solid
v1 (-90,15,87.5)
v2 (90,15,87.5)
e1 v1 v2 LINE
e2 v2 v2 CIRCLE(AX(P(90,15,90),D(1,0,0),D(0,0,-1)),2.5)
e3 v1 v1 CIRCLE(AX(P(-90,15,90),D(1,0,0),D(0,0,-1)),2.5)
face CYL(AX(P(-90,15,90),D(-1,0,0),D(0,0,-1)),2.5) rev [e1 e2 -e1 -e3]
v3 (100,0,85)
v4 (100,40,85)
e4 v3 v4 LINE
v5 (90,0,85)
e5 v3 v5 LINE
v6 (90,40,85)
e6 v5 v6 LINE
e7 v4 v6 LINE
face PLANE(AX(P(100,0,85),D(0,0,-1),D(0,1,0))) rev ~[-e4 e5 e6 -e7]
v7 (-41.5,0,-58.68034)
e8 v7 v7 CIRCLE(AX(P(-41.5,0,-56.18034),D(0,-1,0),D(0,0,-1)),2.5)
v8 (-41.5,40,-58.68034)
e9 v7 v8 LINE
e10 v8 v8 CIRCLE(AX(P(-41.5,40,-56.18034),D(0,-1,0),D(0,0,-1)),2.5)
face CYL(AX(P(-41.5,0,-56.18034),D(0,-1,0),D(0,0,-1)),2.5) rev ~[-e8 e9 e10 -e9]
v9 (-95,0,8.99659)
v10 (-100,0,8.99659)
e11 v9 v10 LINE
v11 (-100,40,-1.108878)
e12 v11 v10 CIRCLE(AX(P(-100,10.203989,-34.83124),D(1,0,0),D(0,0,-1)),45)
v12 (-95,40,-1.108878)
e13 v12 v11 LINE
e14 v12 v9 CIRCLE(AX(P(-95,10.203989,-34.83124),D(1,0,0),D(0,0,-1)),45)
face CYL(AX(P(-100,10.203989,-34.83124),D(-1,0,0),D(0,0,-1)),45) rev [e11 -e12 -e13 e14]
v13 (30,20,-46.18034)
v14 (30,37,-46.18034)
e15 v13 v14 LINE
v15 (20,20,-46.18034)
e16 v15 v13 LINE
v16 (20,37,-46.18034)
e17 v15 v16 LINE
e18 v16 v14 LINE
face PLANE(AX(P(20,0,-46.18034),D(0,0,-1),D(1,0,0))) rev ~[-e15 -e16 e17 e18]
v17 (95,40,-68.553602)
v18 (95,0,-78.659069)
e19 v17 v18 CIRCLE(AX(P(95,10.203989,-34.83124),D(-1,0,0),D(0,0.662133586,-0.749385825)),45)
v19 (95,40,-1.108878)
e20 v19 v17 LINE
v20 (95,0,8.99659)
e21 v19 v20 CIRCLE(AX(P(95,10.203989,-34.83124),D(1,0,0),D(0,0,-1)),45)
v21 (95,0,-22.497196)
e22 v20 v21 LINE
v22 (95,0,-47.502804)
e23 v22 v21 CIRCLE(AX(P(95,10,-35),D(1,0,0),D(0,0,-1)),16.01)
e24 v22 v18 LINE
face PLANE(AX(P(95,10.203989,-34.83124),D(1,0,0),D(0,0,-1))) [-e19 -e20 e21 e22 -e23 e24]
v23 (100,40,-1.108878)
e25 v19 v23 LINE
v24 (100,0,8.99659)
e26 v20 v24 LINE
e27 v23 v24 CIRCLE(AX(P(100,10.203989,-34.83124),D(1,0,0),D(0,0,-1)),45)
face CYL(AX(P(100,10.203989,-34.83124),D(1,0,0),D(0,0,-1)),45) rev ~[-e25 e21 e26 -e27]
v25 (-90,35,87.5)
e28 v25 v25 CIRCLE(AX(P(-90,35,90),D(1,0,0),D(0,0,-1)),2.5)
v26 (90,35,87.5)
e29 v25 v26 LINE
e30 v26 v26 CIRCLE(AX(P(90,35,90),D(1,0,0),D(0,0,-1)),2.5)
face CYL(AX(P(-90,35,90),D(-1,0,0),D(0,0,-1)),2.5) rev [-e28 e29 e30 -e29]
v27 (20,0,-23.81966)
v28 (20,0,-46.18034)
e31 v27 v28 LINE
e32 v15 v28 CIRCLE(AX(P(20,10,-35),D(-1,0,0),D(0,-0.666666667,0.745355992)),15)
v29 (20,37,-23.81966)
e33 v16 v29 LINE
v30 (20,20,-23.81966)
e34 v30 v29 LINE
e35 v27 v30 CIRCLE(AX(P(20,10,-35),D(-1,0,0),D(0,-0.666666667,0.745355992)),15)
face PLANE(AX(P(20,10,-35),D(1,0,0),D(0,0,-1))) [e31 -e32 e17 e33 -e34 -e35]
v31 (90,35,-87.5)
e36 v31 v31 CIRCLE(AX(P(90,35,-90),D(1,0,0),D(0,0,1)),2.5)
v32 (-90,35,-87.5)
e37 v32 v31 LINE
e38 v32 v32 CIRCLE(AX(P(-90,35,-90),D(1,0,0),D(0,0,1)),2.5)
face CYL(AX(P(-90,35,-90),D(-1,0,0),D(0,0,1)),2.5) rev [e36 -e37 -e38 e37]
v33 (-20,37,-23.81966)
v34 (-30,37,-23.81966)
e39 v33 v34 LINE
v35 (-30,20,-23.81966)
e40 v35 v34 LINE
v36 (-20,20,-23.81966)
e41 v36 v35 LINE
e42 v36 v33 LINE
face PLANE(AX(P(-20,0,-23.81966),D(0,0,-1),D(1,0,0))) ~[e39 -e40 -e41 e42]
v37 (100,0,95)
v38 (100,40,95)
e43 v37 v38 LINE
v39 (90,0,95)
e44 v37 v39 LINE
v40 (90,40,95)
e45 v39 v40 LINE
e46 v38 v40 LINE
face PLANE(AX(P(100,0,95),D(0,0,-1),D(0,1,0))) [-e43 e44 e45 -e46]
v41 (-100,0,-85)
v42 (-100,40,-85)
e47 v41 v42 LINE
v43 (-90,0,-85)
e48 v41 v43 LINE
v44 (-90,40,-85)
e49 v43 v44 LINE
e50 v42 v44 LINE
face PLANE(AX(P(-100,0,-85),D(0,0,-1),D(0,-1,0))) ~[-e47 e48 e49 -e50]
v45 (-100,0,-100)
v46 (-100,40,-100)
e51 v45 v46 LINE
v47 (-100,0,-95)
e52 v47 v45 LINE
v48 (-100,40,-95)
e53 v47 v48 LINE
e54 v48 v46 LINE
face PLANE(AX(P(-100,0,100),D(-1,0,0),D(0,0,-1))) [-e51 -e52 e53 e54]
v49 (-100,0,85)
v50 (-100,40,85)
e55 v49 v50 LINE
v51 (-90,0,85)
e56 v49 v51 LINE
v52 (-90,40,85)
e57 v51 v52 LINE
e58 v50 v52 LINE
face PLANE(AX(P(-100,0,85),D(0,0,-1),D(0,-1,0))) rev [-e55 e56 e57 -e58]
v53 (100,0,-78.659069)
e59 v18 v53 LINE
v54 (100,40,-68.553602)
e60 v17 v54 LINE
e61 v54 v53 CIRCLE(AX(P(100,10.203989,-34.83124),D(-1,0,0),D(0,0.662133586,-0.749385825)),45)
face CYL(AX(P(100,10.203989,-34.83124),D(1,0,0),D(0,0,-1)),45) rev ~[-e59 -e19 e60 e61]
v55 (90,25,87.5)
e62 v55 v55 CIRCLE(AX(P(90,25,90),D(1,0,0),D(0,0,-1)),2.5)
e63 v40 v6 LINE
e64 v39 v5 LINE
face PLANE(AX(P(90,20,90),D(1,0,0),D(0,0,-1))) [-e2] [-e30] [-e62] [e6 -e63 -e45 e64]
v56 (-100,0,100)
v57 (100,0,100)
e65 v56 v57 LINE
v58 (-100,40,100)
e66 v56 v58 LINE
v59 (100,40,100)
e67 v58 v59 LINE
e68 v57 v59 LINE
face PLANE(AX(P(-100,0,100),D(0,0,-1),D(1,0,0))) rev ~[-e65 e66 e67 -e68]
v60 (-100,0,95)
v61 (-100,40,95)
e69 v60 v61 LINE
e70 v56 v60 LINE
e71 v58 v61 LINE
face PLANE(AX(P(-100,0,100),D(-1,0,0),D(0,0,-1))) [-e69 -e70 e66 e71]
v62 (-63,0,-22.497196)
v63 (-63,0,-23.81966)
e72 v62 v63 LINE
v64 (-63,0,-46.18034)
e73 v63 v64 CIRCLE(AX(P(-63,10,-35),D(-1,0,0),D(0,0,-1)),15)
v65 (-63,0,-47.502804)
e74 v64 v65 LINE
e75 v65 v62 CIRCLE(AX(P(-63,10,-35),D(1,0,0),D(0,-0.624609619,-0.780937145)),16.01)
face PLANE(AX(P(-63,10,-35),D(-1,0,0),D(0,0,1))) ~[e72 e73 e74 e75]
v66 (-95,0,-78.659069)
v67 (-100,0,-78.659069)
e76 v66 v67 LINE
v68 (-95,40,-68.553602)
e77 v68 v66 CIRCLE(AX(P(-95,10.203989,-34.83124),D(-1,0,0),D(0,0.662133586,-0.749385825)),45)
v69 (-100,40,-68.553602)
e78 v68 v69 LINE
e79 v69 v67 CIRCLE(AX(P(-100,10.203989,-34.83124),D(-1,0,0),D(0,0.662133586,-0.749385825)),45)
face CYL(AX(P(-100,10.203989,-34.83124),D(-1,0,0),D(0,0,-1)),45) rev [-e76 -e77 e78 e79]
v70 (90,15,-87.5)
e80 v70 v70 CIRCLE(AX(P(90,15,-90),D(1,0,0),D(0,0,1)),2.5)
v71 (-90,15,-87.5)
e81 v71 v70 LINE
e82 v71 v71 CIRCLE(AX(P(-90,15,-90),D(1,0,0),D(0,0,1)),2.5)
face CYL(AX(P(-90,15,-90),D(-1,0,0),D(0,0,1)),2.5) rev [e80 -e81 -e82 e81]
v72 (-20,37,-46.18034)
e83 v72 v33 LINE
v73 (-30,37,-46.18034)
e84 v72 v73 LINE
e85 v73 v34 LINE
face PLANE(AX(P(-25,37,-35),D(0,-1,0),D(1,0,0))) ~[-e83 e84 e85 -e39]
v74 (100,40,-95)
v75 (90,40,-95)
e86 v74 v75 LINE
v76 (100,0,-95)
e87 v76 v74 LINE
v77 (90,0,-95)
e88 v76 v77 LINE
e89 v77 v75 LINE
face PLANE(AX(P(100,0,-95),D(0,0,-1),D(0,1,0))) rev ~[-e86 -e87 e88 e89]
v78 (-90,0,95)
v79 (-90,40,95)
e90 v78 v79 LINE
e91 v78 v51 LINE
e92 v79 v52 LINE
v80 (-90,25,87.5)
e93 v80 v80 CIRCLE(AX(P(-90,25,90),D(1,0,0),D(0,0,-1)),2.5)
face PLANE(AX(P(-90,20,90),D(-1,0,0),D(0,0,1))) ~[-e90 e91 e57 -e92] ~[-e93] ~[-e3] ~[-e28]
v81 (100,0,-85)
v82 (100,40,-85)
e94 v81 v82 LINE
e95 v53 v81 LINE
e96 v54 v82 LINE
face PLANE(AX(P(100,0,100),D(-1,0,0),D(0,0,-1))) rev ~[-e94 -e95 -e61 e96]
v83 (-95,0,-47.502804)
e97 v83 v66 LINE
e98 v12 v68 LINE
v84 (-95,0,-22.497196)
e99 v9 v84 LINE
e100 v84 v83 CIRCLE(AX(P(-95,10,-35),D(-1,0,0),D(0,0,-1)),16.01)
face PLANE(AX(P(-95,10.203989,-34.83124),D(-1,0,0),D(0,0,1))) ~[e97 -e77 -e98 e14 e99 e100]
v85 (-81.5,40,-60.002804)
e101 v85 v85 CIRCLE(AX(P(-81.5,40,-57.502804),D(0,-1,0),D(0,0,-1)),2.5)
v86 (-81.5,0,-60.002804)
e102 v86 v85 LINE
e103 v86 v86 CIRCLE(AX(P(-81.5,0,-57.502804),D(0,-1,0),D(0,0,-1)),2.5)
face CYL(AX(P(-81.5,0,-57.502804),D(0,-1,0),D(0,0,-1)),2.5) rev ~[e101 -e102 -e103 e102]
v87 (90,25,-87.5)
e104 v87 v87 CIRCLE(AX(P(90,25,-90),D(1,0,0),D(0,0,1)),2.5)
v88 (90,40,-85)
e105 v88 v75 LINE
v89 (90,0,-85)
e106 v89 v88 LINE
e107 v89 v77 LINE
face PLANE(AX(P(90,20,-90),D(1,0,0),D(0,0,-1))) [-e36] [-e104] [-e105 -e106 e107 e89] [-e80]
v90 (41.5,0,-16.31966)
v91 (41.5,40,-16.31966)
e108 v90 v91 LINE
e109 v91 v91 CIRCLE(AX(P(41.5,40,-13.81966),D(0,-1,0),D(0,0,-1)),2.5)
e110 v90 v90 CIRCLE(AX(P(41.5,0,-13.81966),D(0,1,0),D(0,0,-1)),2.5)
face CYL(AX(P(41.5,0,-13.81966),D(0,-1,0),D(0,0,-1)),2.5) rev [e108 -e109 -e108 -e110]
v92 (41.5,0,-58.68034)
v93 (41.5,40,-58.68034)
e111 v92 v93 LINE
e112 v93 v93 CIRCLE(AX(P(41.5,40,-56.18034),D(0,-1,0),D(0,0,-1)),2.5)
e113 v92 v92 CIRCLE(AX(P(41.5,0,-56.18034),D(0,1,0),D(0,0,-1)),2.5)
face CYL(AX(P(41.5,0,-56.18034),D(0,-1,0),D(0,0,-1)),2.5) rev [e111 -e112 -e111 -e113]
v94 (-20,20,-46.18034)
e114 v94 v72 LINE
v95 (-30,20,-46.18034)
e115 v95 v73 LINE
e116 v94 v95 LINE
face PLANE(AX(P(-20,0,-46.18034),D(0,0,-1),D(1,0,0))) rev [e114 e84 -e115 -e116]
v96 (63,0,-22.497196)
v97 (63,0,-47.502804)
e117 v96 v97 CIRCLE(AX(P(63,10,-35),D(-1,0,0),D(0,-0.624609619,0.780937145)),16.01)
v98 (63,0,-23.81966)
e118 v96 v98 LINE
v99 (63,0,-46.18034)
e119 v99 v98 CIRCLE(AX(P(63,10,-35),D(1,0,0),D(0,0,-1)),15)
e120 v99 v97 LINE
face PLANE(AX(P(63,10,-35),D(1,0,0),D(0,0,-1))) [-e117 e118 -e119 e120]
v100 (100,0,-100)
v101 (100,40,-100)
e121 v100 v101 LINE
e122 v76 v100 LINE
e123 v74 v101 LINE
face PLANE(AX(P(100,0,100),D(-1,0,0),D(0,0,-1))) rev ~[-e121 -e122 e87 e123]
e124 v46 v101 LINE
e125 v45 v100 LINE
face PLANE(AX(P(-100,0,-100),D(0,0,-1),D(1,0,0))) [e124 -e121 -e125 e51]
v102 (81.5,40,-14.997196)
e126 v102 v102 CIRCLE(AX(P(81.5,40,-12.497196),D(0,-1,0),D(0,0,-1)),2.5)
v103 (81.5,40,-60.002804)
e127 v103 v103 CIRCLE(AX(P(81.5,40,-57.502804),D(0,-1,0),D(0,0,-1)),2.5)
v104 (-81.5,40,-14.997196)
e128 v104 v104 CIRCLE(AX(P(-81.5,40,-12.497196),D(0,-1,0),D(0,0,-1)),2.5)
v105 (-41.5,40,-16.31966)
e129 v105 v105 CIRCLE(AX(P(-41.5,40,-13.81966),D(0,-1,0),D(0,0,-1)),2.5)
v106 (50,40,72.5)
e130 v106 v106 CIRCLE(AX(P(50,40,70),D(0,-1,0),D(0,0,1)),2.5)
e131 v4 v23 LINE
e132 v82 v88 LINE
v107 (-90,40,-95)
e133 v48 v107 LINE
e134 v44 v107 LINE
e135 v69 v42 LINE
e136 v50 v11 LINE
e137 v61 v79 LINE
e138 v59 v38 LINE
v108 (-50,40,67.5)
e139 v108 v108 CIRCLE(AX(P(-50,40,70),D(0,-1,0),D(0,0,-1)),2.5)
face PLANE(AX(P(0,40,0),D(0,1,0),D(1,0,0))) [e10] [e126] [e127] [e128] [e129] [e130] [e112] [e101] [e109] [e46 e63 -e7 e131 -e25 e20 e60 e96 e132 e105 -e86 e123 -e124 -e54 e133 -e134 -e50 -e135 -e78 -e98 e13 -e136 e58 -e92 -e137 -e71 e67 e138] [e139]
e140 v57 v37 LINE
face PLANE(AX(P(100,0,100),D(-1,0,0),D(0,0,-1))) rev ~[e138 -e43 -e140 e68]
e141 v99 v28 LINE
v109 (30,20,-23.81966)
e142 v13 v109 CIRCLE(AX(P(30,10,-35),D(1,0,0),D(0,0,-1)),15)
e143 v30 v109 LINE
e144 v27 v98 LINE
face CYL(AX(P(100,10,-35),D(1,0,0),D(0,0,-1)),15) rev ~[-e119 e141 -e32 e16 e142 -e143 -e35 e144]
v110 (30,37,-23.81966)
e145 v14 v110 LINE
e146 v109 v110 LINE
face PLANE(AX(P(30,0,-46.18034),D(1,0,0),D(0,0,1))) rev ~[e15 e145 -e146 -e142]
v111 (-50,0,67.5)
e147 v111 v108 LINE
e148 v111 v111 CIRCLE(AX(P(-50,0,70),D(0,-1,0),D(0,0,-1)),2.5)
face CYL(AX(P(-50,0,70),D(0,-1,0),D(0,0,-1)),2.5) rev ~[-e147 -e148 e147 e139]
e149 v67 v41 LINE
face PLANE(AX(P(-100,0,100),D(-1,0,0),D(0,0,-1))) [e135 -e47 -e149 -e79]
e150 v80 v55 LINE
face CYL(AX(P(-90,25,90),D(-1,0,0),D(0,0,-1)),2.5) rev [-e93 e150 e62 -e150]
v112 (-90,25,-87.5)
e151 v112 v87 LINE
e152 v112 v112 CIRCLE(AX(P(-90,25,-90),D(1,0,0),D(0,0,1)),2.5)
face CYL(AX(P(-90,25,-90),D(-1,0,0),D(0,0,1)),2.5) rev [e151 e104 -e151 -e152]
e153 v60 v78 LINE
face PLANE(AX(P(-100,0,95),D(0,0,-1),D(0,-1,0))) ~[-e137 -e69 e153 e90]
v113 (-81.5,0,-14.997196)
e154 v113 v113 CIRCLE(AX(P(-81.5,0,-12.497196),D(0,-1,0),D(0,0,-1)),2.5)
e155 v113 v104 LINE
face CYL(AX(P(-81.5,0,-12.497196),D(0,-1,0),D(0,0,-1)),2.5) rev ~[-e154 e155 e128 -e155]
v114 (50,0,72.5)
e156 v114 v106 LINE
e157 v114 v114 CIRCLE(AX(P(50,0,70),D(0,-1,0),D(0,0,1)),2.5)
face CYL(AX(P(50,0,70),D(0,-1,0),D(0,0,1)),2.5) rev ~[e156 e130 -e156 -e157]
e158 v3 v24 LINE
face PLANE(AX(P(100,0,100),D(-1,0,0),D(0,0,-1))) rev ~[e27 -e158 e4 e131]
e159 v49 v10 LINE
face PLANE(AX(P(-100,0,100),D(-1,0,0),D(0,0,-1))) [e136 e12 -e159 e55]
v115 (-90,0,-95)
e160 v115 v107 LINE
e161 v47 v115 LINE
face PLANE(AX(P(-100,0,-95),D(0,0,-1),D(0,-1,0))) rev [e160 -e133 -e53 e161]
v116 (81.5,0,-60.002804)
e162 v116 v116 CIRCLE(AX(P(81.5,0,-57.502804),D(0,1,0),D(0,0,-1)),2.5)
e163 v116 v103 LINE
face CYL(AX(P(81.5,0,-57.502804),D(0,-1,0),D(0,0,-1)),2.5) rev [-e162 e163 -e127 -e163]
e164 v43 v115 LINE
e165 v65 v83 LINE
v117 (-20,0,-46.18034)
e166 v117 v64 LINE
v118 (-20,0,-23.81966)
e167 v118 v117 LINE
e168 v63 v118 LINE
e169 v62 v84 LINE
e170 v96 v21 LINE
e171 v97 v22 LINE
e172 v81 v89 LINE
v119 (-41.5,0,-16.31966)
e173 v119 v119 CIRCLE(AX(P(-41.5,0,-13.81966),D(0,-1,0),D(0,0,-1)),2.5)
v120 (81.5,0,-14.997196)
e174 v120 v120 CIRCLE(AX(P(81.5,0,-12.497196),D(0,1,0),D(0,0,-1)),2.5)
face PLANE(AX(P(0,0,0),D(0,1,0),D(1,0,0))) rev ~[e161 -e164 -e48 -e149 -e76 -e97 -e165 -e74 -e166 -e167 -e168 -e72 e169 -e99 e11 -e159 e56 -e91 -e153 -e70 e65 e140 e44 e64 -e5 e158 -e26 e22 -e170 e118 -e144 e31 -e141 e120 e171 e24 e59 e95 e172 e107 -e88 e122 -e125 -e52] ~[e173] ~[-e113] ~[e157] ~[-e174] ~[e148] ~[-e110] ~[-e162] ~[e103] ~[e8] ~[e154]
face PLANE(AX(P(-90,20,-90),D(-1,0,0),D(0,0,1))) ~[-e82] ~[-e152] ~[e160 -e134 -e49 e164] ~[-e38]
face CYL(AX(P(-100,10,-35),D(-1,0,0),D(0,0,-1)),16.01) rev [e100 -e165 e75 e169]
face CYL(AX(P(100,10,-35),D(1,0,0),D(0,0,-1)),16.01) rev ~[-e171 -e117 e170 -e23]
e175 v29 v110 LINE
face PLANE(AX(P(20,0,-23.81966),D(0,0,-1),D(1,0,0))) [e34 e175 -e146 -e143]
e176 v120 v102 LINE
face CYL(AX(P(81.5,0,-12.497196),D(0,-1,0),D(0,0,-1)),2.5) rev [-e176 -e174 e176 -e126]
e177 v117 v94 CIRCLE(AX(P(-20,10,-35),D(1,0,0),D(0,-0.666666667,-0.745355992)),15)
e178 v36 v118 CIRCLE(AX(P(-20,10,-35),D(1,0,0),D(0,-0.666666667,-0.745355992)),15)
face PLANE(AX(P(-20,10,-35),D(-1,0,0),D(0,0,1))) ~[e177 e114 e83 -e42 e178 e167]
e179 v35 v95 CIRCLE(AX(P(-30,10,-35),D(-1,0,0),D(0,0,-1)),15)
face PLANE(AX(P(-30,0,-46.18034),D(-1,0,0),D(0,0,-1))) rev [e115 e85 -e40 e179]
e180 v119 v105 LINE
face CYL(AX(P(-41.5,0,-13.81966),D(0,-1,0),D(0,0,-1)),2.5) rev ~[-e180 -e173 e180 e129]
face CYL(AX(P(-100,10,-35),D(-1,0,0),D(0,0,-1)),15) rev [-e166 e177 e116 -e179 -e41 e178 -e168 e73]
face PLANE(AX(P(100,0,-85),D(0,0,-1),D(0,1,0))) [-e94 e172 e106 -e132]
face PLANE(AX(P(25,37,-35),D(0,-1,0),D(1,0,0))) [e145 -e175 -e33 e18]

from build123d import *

# Parameters (mm, degrees)
ESQUISSE2_W             = 200
ESQUISSE2_H             = 200
BASE_DEPTH              = 40
ESQUISSE3_R             = 15
BLOC_MOTEUR_1_DEPTH     = 80
ESQUISSE4_W             = 10
ESQUISSE4_H             = 22.360679774
ACCES_MOTEUR_DEPTH      = 37
ESQUISSE6_R             = 16.01
BLOC_MOTEUR_2_DEPTH     = 37
ESQUISSE7_R             = 2.5
VIS_MOTEUR_DEPTH        = 147.969384567
ESQUISSE8_R             = 45
VIDE_ROUE_DEPTH         = 5
ESQUISSE9_W             = 10
ESQUISSE9_H             = 40
VIDE_GUIDAGE_TIGE_DEPTH = 10
ESQUISSE10_R            = 2.5
TROU_VIS_DEPTH          = 100
ESQUISSE11_R            = 2.5
VIDE_PATIN_DEPTH        = 147.969384567


with BuildPart() as part:
    # Esquisse2 → BASE (new body)
    with BuildSketch(Plane(origin=(0, 0, 0), x_dir=(1, 0, 0), z_dir=(0, 1, 0))):
        Rectangle(ESQUISSE2_W, ESQUISSE2_H)
    extrude(amount=BASE_DEPTH)

    # Esquisse3 → BLOC MOTEUR 1. (cut)
    with BuildSketch(Plane(origin=(100, 0, 0), x_dir=(0, 0, -1), z_dir=(1, 0, 0))):
        with Locations((35, 10)):
            Circle(ESQUISSE3_R)
    bloc_moteur_1 = extrude(amount=-BLOC_MOTEUR_1_DEPTH, mode=Mode.SUBTRACT)

    # Esquisse4 → ACCES MOTEUR (cut)
    with BuildSketch(Plane.XZ):
        with Locations((25, -35)):
            Rectangle(ESQUISSE4_W, ESQUISSE4_H)
    acces_moteur = extrude(amount=-ACCES_MOTEUR_DEPTH, mode=Mode.SUBTRACT)

    # Esquisse6 → BLOC MOTEUR 2 (cut)
    with BuildSketch(Plane(origin=(100, 0, 0), x_dir=(0, 0, -1), z_dir=(1, 0, 0))):
        with Locations((35, 10)):
            Circle(ESQUISSE6_R)
    bloc_moteur_2 = extrude(amount=-BLOC_MOTEUR_2_DEPTH, mode=Mode.SUBTRACT)

    # SYM BLOC MOTEUR: BLOC MOTEUR 1., ACCES MOTEUR, BLOC MOTEUR 2 across plane
    add(bloc_moteur_1.mirror(Plane(origin=(0, 0, 0), x_dir=(0, 0, 1), z_dir=(1, 0, 0))), mode=Mode.SUBTRACT)
    add(acces_moteur.mirror(Plane(origin=(0, 0, 0), x_dir=(0, 0, 1), z_dir=(1, 0, 0))), mode=Mode.SUBTRACT)
    add(bloc_moteur_2.mirror(Plane(origin=(0, 0, 0), x_dir=(0, 0, 1), z_dir=(1, 0, 0))), mode=Mode.SUBTRACT)

    # Esquisse7 → VIS MOTEUR (cut, through all)
    with BuildSketch(Plane.XZ):
        with Locations(Location((-81.5, -12.497196314, 0), (0, 0, 270))):
            Circle(ESQUISSE7_R)
        with Locations(Location((-41.5, -13.819660113, 0), (0, 0, 270))):
            Circle(ESQUISSE7_R)
        with Locations(Location((-41.5, -56.180339887, 0), (0, 0, 270))):
            Circle(ESQUISSE7_R)
        with Locations(Location((-81.5, -57.502803686, 0), (0, 0, 270))):
            Circle(ESQUISSE7_R)
    vis_moteur = extrude(amount=-VIS_MOTEUR_DEPTH, mode=Mode.SUBTRACT)

    # SYM VIS: VIS MOTEUR across plane
    add(vis_moteur.mirror(Plane(origin=(0, 0, 0), x_dir=(0, 0, 1), z_dir=(1, 0, 0))), mode=Mode.SUBTRACT)

    # Esquisse8 → VIDE ROUE (cut)
    with BuildSketch(Plane(origin=(100, 0, 0), x_dir=(0, 0, -1), z_dir=(1, 0, 0))):
        with Locations((34.831239624, 10.203988641)):
            Circle(ESQUISSE8_R)
    vide_roue = extrude(amount=-VIDE_ROUE_DEPTH, mode=Mode.SUBTRACT)

    # Esquisse9 → VIDE GUIDAGE TIGE (cut)
    with BuildSketch(Plane(origin=(100, 0, 0), x_dir=(0, 0, -1), z_dir=(1, 0, 0))):
        with Locations((90, 20)):
            Rectangle(ESQUISSE9_W, ESQUISSE9_H)
        with Locations((-90, 20)):
            Rectangle(ESQUISSE9_W, ESQUISSE9_H)
    vide_guidage_tige = extrude(amount=-VIDE_GUIDAGE_TIGE_DEPTH, mode=Mode.SUBTRACT)

    # Esquisse10 → TROU VIS (cut)
    with BuildSketch(Plane(origin=(90, 0, 0), x_dir=(0, 0, -1), z_dir=(1, 0, 0))):
        with Locations((-90, 35)):
            Circle(ESQUISSE10_R)
        with Locations((-90, 25)):
            Circle(ESQUISSE10_R)
        with Locations(Location((90, 25, 0), (0, 0, 180))):
            Circle(ESQUISSE10_R)
        with Locations(Location((90, 35, 0), (0, 0, 180))):
            Circle(ESQUISSE10_R)
        with Locations((-90, 15)):
            Circle(ESQUISSE10_R)
        with Locations(Location((90, 15, 0), (0, 0, 180))):
            Circle(ESQUISSE10_R)
    trou_vis = extrude(amount=-TROU_VIS_DEPTH, mode=Mode.SUBTRACT)

    # SYM - ROUE - TIGE: VIDE ROUE, VIDE GUIDAGE TIGE, TROU VIS across plane
    add(vide_roue.mirror(Plane(origin=(0, 0, 0), x_dir=(0, 0, 1), z_dir=(1, 0, 0))), mode=Mode.SUBTRACT)
    add(vide_guidage_tige.mirror(Plane(origin=(0, 0, 0), x_dir=(0, 0, 1), z_dir=(1, 0, 0))), mode=Mode.SUBTRACT)
    add(trou_vis.mirror(Plane(origin=(0, 0, 0), x_dir=(0, 0, 1), z_dir=(1, 0, 0))), mode=Mode.SUBTRACT)

    # Esquisse11 → VIDE PATIN (cut, through all)
    with BuildSketch(Plane.XZ):
        with Locations(Location((-50, 70, 0), (0, 0, 270))):
            Circle(ESQUISSE11_R)
        with Locations(Location((50, 70, 0), (0, 0, 90))):
            Circle(ESQUISSE11_R)
    extrude(amount=-VIDE_PATIN_DEPTH, mode=Mode.SUBTRACT)


solid = part.part
